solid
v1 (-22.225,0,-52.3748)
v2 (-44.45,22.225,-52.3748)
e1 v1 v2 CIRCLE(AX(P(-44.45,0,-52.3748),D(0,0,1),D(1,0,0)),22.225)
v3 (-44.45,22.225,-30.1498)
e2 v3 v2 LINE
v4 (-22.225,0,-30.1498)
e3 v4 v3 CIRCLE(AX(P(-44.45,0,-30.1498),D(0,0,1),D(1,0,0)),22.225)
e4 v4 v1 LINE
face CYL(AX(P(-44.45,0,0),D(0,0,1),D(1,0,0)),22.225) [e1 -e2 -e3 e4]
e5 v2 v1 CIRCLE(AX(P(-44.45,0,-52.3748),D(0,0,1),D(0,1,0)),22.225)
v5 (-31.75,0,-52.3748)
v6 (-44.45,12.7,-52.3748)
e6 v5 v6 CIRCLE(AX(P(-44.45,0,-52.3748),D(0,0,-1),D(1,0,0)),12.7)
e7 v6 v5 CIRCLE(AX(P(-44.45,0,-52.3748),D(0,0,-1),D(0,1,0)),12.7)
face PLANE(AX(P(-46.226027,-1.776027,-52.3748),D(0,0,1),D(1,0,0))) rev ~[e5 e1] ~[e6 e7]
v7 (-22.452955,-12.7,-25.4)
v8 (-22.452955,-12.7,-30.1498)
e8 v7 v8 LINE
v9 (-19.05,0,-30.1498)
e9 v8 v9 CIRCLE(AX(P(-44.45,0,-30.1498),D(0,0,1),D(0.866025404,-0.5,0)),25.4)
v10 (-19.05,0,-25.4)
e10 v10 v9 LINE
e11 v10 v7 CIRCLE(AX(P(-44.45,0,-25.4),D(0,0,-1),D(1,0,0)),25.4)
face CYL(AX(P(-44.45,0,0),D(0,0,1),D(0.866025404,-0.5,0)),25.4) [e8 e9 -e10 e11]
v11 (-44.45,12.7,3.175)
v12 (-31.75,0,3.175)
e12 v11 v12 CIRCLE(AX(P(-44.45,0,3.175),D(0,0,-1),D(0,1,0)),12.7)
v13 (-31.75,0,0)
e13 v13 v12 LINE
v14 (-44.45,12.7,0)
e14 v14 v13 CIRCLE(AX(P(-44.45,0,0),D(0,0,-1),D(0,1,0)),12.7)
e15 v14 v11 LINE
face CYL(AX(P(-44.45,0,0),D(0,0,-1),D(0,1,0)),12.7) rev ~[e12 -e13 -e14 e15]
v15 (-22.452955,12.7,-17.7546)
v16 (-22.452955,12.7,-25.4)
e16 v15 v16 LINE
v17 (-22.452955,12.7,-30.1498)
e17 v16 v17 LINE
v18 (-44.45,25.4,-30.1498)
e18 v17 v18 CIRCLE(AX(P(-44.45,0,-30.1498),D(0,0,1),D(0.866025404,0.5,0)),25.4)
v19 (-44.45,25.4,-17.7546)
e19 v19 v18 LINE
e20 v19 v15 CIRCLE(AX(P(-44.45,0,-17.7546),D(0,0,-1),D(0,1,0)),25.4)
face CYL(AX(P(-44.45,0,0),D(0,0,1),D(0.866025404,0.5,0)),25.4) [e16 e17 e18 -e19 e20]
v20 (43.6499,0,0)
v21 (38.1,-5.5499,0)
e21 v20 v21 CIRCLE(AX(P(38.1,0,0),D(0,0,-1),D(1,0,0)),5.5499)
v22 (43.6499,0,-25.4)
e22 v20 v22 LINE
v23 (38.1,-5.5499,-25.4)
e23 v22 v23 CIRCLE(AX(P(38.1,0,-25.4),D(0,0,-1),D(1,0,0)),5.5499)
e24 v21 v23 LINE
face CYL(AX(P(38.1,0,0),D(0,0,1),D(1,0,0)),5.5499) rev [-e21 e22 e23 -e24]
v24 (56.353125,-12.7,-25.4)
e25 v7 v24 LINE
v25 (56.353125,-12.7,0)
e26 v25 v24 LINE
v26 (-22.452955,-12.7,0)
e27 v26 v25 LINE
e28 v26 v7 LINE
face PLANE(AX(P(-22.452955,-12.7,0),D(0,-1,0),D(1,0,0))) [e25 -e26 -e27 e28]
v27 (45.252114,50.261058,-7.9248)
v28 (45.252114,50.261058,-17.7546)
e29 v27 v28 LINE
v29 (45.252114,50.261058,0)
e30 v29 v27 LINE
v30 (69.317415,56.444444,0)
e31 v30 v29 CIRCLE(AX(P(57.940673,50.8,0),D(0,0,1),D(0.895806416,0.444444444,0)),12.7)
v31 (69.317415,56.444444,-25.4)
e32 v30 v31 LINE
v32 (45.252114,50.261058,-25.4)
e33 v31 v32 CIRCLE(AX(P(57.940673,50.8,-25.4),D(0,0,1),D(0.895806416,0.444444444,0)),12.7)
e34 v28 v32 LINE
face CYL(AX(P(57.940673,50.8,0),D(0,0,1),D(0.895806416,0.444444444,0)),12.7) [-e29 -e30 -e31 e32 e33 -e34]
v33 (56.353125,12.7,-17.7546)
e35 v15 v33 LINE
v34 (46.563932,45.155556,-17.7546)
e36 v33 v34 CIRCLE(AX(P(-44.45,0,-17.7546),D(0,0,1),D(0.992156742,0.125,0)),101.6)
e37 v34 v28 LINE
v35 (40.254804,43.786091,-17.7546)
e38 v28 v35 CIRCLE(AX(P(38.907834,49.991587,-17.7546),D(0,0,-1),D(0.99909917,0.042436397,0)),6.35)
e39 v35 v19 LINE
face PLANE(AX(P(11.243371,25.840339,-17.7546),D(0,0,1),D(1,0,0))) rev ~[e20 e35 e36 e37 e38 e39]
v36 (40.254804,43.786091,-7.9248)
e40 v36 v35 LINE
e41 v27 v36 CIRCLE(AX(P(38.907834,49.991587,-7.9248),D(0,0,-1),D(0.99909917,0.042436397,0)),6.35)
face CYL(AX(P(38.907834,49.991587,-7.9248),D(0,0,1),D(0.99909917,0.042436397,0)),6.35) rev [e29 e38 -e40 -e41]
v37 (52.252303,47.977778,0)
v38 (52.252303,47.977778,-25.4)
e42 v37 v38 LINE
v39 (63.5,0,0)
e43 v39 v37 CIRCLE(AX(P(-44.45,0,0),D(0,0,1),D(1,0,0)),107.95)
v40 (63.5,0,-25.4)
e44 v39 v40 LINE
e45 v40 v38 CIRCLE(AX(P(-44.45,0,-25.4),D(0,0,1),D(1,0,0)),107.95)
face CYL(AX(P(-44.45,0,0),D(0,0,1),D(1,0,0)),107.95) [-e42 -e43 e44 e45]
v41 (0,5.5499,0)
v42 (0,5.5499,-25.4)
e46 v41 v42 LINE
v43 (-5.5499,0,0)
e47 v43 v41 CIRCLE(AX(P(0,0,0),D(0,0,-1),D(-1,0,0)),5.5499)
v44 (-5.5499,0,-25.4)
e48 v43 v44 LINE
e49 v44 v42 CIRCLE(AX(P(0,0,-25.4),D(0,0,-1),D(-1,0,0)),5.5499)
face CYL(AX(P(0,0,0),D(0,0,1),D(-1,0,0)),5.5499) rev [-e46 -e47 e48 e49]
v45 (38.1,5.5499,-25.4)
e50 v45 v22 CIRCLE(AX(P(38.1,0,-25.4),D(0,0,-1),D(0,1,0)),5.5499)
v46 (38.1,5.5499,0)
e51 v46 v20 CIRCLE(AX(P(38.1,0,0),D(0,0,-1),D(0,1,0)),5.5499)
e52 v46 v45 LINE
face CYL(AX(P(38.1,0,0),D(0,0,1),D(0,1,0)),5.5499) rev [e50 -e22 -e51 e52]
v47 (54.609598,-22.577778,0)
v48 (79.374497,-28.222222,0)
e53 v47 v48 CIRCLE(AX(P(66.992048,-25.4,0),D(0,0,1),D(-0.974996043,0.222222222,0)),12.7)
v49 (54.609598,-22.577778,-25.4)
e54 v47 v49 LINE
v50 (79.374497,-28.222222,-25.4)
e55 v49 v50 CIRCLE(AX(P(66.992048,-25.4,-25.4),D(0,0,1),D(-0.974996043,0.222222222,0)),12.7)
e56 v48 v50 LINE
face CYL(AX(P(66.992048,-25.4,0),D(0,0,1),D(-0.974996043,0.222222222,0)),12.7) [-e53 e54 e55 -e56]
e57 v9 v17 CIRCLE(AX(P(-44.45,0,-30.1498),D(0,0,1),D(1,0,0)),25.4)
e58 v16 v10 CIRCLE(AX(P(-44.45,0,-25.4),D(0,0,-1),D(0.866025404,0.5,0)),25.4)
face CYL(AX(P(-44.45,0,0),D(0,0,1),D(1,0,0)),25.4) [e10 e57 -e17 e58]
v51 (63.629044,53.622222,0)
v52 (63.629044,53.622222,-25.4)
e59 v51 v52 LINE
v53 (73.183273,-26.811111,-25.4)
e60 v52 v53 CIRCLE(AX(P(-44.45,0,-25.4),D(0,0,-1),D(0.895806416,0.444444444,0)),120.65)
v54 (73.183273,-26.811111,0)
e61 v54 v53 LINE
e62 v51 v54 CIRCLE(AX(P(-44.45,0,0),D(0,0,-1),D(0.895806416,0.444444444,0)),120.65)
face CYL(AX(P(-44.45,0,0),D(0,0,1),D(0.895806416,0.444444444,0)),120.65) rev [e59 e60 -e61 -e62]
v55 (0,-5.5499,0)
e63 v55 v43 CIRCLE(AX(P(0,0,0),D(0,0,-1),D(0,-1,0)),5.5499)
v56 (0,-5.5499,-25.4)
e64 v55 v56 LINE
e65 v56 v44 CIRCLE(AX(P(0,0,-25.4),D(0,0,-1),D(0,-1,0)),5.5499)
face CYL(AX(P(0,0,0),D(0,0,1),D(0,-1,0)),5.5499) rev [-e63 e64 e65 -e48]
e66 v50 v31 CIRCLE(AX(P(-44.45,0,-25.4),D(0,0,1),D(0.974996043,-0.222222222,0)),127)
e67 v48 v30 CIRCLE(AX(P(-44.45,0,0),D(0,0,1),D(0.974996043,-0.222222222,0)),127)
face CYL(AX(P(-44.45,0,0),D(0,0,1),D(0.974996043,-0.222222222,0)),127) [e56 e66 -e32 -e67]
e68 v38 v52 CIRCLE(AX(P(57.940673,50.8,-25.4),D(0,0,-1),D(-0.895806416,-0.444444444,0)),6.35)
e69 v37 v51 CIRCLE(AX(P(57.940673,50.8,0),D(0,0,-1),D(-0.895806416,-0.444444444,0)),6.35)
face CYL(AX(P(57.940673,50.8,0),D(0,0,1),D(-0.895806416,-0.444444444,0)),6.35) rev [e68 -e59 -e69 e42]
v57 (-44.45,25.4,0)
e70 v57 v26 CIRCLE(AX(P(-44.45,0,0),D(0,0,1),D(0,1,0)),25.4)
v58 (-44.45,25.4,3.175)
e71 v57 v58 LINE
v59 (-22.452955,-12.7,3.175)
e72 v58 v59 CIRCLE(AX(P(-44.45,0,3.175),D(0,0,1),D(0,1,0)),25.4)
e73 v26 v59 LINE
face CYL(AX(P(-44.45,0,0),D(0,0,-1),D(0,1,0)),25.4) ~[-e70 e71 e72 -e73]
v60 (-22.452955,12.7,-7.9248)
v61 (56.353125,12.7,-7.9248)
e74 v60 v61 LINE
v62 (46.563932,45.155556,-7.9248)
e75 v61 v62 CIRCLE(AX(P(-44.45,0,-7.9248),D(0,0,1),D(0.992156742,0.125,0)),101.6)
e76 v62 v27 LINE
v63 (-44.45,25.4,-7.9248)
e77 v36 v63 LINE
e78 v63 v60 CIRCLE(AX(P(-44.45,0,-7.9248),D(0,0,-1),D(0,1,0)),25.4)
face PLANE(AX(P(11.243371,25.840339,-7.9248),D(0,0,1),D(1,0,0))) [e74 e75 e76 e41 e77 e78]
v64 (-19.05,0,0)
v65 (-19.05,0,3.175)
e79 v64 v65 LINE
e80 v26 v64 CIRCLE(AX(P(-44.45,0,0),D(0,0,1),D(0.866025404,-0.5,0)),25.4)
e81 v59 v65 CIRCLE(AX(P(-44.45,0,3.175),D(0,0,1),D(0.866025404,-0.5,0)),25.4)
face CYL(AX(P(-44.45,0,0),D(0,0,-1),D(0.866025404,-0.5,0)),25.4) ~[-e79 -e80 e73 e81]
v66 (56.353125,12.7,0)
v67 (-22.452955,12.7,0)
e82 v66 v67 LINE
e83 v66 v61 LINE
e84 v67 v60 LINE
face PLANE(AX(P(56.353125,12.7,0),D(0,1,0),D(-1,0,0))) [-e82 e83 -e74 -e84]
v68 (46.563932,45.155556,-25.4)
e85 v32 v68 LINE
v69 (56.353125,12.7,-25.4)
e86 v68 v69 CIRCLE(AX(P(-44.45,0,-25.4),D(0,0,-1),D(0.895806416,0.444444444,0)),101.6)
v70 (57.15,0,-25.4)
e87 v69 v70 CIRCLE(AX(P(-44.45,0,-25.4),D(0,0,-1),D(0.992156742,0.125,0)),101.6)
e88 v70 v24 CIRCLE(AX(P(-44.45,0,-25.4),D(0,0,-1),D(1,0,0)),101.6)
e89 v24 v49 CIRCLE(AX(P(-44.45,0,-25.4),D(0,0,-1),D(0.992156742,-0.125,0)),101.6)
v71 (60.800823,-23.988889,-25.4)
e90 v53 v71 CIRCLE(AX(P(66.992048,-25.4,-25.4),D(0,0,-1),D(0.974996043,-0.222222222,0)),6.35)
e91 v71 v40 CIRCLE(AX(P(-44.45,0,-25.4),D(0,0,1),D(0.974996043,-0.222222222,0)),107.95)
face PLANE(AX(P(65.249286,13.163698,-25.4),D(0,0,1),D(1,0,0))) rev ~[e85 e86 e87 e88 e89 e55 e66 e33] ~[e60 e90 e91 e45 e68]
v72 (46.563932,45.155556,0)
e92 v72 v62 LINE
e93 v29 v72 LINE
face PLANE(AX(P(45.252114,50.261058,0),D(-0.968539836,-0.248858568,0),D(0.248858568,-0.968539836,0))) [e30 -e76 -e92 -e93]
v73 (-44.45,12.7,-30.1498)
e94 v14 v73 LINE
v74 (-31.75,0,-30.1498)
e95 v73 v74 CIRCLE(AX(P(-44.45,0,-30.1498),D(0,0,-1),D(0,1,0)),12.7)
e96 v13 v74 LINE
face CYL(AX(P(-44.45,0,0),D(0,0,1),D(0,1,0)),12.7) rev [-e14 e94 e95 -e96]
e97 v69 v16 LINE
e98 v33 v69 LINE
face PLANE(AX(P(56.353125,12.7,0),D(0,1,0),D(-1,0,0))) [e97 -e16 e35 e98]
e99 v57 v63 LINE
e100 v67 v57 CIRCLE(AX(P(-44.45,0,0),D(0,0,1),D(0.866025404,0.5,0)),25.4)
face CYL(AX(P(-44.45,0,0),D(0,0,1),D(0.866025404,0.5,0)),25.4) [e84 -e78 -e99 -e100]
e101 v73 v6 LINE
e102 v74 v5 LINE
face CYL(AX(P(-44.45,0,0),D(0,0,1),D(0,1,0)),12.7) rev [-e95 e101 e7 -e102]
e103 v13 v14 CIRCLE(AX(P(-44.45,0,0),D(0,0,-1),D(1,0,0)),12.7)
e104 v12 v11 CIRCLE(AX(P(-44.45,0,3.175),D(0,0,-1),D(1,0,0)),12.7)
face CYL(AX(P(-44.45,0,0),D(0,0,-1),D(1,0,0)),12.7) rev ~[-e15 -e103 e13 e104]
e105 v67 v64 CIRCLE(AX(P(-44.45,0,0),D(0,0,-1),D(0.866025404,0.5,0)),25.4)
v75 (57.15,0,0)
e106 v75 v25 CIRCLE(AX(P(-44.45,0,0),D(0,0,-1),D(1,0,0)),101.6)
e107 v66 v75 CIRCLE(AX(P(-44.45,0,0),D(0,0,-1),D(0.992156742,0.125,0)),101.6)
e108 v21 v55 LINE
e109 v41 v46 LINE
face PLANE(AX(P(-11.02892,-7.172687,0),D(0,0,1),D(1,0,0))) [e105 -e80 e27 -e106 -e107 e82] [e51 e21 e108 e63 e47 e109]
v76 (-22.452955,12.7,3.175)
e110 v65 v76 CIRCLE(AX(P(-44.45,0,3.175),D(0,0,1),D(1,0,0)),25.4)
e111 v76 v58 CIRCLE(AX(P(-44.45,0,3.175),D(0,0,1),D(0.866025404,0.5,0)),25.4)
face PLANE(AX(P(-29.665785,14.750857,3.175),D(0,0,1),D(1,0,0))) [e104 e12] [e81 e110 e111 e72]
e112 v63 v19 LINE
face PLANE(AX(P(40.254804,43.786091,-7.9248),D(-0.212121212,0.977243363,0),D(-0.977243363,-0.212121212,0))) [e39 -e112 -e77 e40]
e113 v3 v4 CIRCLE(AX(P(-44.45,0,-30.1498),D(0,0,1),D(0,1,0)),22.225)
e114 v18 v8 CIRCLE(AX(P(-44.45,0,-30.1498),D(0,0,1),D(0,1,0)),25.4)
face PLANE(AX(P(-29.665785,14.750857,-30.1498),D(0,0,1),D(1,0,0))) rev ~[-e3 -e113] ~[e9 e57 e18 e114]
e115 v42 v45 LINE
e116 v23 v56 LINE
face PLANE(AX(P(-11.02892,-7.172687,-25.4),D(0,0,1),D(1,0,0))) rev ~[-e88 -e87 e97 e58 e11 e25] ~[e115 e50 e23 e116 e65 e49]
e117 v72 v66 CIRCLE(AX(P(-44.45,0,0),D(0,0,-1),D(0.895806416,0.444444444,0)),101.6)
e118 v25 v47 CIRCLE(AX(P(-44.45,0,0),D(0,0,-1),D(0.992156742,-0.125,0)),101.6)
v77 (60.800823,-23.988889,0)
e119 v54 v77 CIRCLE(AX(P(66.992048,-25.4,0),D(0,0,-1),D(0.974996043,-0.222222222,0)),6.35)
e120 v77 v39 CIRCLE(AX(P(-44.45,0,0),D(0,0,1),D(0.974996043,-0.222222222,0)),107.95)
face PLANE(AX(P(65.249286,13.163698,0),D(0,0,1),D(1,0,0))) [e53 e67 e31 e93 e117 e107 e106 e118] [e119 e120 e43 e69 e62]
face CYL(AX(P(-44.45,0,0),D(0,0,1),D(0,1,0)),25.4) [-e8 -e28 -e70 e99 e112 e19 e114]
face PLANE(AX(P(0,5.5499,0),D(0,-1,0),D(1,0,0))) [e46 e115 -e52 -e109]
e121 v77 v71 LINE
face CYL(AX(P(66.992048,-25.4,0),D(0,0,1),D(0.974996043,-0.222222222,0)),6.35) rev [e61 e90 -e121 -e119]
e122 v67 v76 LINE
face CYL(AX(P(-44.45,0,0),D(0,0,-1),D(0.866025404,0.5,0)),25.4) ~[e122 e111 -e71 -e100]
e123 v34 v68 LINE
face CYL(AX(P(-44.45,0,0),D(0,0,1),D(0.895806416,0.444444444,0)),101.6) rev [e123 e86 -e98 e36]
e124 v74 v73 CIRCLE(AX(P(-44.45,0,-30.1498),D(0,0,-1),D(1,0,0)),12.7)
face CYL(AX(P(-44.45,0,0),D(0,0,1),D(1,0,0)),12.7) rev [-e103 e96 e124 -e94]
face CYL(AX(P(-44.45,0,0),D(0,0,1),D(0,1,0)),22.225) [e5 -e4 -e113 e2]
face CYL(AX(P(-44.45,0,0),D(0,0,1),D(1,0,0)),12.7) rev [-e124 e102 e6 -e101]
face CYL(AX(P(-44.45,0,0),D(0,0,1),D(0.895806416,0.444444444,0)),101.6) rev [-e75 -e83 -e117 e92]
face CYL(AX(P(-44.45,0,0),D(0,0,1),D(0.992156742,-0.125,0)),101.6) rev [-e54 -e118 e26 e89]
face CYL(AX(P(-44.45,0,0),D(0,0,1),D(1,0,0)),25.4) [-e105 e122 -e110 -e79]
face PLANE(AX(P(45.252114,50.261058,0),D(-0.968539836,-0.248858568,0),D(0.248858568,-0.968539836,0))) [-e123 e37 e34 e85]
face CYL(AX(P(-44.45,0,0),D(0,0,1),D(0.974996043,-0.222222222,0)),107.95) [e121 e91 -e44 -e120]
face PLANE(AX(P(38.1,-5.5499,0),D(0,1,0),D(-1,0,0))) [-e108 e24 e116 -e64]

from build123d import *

# Parameters (mm, degrees)
F1_DEPTH      = 3.175
F1_DEPTH_BACK = 30.1498
F2_DEPTH      = 25.4
F3_DEPTH      = 25.4
F4_START      = -7.9248
F4_DEPTH      = 9.8298
F5_DEPTH      = 52.3748


with BuildPart() as f1:
    # F0 (on Top) → F1 (new body, two sides)
    with BuildSketch(Plane.XY) as f1_sk:
        with BuildLine():
            Line((-22.225, 0), (-19.05, 0))
            ThreePointArc((-19.05, 0), (-19.9154840123, 6.5740037456), (-22.4529547439, 12.7))
            ThreePointArc((-22.4529547439, 12.7), (-31.75, 21.9970452561), (-44.45, 25.4))
            Line((-44.45, 25.4), (-44.45, 22.225))
            ThreePointArc((-44.45, 22.225), (-28.7345517881, 15.7154482119), (-22.225, 0))
        make_face()
        with BuildLine():
            ThreePointArc((-22.4529547439, -12.7), (-19.9154840123, -6.5740037456), (-19.05, 0))
            Line((-19.05, 0), (-22.225, 0))
            ThreePointArc((-22.225, 0), (-60.1654482119, -15.7154482119), (-44.45, 22.225))
            Line((-44.45, 22.225), (-44.45, 25.4))
            ThreePointArc((-44.45, 25.4), (-66.4470452561, -12.7), (-22.4529547439, -12.7))
        make_face()
        with BuildLine():
            ThreePointArc((-44.45, 22.225), (-60.1654482119, -15.7154482119), (-22.225, 0))
            Line((-22.225, 0), (-31.75, 0))
            ThreePointArc((-31.75, 0), (-53.4302561211, -8.9802561211), (-44.45, 12.7))
            Line((-44.45, 12.7), (-44.45, 22.225))
        make_face()
        with BuildLine():
            Line((-31.75, 0), (-22.225, 0))
            ThreePointArc((-22.225, 0), (-28.7345517881, 15.7154482119), (-44.45, 22.225))
            Line((-44.45, 22.225), (-44.45, 12.7))
            ThreePointArc((-44.45, 12.7), (-35.4697438789, 8.9802561211), (-31.75, 0))
        make_face()
    extrude(amount=F1_DEPTH)
    extrude(f1_sk.sketch, amount=-F1_DEPTH_BACK)



with BuildPart() as f2:
    # F0 (on Top) → F2 (new body)
    with BuildSketch(Plane.XY):
        with BuildLine():
            ThreePointArc((46.5639319141, 45.1555555556), (52.8217153018, 29.3389400327), (56.3531249516, 12.7))
            ThreePointArc((56.3531249516, 12.7), (56.9505855384, 6.3624879144), (57.15, 0))
            ThreePointArc((57.15, 0), (56.9505855384, -6.3624879144), (56.3531249516, -12.7))
            ThreePointArc((56.3531249516, -12.7), (55.6033339134, -17.6604182514), (54.6095979732, -22.5777777778))
            ThreePointArc((54.6095979732, -22.5777777778), (64.1698254977, -37.7824497467), (79.3744974665, -28.2222222222))
            ThreePointArc((79.3744974665, -28.2222222222), (81.6634026015, 14.9803098855), (69.3174148927, 56.4444444444))
            ThreePointArc((69.3174148927, 56.4444444444), (54.7801695925, 63.1004559127), (45.25211394, 50.2610577545))
            Line((45.25211394, 50.2610577545), (46.5639319141, 45.1555555556))
        make_face()
        with BuildLine():
            ThreePointArc((60.8008228466, -23.9888888889), (62.823083358, -12.0701320149), (63.5, 0))
            ThreePointArc((63.5, 0), (60.6504663929, 24.6392870025), (52.2523026588, 47.9777777778))
            ThreePointArc((52.2523026588, 47.9777777778), (55.1184511812, 56.4883707446), (63.629044148, 53.6222222222))
            ThreePointArc((63.629044148, 53.6222222222), (75.3577324715, 14.2312943912), (73.1832725932, -26.8111111111))
            ThreePointArc((73.1832725932, -26.8111111111), (65.5809366088, -31.5912248733), (60.8008228466, -23.9888888889))
        make_face(mode=Mode.SUBTRACT)
    extrude(amount=-F2_DEPTH)


with BuildPart() as f1_1:
    add(f1.part)

    add(f2.part)  # F3 merges F2
    # F0 (on Top) → F3 (join)
    with BuildSketch(Plane.XY):
        with BuildLine():
            Line((-5.5499, 0), (-19.05, 0))
            ThreePointArc((-19.05, 0), (-19.9154840123, -6.5740037456), (-22.4529547439, -12.7))
            Line((-22.4529547439, -12.7), (0, -12.7))
            Line((0, -12.7), (0, -5.5499))
            ThreePointArc((0, -5.5499), (-3.9243719249, -3.9243719249), (-5.5499, 0))
        make_face()
        with BuildLine():
            ThreePointArc((-22.4529547439, 12.7), (-19.9154840123, 6.5740037456), (-19.05, 0))
            Line((-19.05, 0), (-5.5499, 0))
            ThreePointArc((-5.5499, 0), (-3.9243719249, 3.9243719249), (0, 5.5499))
            Line((0, 5.5499), (0, 12.7))
            Line((0, 12.7), (-22.4529547439, 12.7))
        make_face()
        with BuildLine():
            Line((0, 12.7), (0, 5.5499))
            Line((0, 5.5499), (38.1, 5.5499))
            ThreePointArc((38.1, 5.5499), (42.0243719249, 3.9243719249), (43.6499, 0))
            Line((43.6499, 0), (57.15, 0))
            ThreePointArc((57.15, 0), (56.9505855384, 6.3624879144), (56.3531249516, 12.7))
            Line((56.3531249516, 12.7), (0, 12.7))
        make_face()
        with BuildLine():
            Line((38.1, -5.5499), (0, -5.5499))
            Line((0, -5.5499), (0, -12.7))
            Line((0, -12.7), (56.3531249516, -12.7))
            ThreePointArc((56.3531249516, -12.7), (56.9505855384, -6.3624879144), (57.15, 0))
            Line((57.15, 0), (43.6499, 0))
            ThreePointArc((43.6499, 0), (42.0243719249, -3.9243719249), (38.1, -5.5499))
        make_face()
    extrude(amount=-F3_DEPTH)

    # F0 (on Top) → F4 (join)
    with BuildSketch(Plane.XY.offset(F4_START)):
        with BuildLine():
            ThreePointArc((-44.45, 25.4), (-31.75, 21.9970452561), (-22.4529547439, 12.7))
            Line((-22.4529547439, 12.7), (0, 12.7))
            Line((0, 12.7), (56.3531249516, 12.7))
            ThreePointArc((56.3531249516, 12.7), (52.8217153018, 29.3389400327), (46.5639319141, 45.1555555556))
            Line((46.5639319141, 45.1555555556), (45.25211394, 50.2610577545))
            ThreePointArc((45.25211394, 50.2610577545), (43.9347743486, 46.1118478743), (40.2548039053, 43.7860912739))
            Line((40.2548039053, 43.7860912739), (-44.45, 25.4))
        make_face()
    extrude(amount=-F4_DEPTH)

    # F0 (on Top) → F5 (join)
    with BuildSketch(Plane.XY):
        with BuildLine():
            ThreePointArc((-44.45, 22.225), (-60.1654482119, -15.7154482119), (-22.225, 0))
            Line((-22.225, 0), (-31.75, 0))
            ThreePointArc((-31.75, 0), (-53.4302561211, -8.9802561211), (-44.45, 12.7))
            Line((-44.45, 12.7), (-44.45, 22.225))
        make_face()
        with BuildLine():
            Line((-31.75, 0), (-22.225, 0))
            ThreePointArc((-22.225, 0), (-28.7345517881, 15.7154482119), (-44.45, 22.225))
            Line((-44.45, 22.225), (-44.45, 12.7))
            ThreePointArc((-44.45, 12.7), (-35.4697438789, 8.9802561211), (-31.75, 0))
        make_face()
    extrude(amount=-F5_DEPTH)


solid = f1_1.part
